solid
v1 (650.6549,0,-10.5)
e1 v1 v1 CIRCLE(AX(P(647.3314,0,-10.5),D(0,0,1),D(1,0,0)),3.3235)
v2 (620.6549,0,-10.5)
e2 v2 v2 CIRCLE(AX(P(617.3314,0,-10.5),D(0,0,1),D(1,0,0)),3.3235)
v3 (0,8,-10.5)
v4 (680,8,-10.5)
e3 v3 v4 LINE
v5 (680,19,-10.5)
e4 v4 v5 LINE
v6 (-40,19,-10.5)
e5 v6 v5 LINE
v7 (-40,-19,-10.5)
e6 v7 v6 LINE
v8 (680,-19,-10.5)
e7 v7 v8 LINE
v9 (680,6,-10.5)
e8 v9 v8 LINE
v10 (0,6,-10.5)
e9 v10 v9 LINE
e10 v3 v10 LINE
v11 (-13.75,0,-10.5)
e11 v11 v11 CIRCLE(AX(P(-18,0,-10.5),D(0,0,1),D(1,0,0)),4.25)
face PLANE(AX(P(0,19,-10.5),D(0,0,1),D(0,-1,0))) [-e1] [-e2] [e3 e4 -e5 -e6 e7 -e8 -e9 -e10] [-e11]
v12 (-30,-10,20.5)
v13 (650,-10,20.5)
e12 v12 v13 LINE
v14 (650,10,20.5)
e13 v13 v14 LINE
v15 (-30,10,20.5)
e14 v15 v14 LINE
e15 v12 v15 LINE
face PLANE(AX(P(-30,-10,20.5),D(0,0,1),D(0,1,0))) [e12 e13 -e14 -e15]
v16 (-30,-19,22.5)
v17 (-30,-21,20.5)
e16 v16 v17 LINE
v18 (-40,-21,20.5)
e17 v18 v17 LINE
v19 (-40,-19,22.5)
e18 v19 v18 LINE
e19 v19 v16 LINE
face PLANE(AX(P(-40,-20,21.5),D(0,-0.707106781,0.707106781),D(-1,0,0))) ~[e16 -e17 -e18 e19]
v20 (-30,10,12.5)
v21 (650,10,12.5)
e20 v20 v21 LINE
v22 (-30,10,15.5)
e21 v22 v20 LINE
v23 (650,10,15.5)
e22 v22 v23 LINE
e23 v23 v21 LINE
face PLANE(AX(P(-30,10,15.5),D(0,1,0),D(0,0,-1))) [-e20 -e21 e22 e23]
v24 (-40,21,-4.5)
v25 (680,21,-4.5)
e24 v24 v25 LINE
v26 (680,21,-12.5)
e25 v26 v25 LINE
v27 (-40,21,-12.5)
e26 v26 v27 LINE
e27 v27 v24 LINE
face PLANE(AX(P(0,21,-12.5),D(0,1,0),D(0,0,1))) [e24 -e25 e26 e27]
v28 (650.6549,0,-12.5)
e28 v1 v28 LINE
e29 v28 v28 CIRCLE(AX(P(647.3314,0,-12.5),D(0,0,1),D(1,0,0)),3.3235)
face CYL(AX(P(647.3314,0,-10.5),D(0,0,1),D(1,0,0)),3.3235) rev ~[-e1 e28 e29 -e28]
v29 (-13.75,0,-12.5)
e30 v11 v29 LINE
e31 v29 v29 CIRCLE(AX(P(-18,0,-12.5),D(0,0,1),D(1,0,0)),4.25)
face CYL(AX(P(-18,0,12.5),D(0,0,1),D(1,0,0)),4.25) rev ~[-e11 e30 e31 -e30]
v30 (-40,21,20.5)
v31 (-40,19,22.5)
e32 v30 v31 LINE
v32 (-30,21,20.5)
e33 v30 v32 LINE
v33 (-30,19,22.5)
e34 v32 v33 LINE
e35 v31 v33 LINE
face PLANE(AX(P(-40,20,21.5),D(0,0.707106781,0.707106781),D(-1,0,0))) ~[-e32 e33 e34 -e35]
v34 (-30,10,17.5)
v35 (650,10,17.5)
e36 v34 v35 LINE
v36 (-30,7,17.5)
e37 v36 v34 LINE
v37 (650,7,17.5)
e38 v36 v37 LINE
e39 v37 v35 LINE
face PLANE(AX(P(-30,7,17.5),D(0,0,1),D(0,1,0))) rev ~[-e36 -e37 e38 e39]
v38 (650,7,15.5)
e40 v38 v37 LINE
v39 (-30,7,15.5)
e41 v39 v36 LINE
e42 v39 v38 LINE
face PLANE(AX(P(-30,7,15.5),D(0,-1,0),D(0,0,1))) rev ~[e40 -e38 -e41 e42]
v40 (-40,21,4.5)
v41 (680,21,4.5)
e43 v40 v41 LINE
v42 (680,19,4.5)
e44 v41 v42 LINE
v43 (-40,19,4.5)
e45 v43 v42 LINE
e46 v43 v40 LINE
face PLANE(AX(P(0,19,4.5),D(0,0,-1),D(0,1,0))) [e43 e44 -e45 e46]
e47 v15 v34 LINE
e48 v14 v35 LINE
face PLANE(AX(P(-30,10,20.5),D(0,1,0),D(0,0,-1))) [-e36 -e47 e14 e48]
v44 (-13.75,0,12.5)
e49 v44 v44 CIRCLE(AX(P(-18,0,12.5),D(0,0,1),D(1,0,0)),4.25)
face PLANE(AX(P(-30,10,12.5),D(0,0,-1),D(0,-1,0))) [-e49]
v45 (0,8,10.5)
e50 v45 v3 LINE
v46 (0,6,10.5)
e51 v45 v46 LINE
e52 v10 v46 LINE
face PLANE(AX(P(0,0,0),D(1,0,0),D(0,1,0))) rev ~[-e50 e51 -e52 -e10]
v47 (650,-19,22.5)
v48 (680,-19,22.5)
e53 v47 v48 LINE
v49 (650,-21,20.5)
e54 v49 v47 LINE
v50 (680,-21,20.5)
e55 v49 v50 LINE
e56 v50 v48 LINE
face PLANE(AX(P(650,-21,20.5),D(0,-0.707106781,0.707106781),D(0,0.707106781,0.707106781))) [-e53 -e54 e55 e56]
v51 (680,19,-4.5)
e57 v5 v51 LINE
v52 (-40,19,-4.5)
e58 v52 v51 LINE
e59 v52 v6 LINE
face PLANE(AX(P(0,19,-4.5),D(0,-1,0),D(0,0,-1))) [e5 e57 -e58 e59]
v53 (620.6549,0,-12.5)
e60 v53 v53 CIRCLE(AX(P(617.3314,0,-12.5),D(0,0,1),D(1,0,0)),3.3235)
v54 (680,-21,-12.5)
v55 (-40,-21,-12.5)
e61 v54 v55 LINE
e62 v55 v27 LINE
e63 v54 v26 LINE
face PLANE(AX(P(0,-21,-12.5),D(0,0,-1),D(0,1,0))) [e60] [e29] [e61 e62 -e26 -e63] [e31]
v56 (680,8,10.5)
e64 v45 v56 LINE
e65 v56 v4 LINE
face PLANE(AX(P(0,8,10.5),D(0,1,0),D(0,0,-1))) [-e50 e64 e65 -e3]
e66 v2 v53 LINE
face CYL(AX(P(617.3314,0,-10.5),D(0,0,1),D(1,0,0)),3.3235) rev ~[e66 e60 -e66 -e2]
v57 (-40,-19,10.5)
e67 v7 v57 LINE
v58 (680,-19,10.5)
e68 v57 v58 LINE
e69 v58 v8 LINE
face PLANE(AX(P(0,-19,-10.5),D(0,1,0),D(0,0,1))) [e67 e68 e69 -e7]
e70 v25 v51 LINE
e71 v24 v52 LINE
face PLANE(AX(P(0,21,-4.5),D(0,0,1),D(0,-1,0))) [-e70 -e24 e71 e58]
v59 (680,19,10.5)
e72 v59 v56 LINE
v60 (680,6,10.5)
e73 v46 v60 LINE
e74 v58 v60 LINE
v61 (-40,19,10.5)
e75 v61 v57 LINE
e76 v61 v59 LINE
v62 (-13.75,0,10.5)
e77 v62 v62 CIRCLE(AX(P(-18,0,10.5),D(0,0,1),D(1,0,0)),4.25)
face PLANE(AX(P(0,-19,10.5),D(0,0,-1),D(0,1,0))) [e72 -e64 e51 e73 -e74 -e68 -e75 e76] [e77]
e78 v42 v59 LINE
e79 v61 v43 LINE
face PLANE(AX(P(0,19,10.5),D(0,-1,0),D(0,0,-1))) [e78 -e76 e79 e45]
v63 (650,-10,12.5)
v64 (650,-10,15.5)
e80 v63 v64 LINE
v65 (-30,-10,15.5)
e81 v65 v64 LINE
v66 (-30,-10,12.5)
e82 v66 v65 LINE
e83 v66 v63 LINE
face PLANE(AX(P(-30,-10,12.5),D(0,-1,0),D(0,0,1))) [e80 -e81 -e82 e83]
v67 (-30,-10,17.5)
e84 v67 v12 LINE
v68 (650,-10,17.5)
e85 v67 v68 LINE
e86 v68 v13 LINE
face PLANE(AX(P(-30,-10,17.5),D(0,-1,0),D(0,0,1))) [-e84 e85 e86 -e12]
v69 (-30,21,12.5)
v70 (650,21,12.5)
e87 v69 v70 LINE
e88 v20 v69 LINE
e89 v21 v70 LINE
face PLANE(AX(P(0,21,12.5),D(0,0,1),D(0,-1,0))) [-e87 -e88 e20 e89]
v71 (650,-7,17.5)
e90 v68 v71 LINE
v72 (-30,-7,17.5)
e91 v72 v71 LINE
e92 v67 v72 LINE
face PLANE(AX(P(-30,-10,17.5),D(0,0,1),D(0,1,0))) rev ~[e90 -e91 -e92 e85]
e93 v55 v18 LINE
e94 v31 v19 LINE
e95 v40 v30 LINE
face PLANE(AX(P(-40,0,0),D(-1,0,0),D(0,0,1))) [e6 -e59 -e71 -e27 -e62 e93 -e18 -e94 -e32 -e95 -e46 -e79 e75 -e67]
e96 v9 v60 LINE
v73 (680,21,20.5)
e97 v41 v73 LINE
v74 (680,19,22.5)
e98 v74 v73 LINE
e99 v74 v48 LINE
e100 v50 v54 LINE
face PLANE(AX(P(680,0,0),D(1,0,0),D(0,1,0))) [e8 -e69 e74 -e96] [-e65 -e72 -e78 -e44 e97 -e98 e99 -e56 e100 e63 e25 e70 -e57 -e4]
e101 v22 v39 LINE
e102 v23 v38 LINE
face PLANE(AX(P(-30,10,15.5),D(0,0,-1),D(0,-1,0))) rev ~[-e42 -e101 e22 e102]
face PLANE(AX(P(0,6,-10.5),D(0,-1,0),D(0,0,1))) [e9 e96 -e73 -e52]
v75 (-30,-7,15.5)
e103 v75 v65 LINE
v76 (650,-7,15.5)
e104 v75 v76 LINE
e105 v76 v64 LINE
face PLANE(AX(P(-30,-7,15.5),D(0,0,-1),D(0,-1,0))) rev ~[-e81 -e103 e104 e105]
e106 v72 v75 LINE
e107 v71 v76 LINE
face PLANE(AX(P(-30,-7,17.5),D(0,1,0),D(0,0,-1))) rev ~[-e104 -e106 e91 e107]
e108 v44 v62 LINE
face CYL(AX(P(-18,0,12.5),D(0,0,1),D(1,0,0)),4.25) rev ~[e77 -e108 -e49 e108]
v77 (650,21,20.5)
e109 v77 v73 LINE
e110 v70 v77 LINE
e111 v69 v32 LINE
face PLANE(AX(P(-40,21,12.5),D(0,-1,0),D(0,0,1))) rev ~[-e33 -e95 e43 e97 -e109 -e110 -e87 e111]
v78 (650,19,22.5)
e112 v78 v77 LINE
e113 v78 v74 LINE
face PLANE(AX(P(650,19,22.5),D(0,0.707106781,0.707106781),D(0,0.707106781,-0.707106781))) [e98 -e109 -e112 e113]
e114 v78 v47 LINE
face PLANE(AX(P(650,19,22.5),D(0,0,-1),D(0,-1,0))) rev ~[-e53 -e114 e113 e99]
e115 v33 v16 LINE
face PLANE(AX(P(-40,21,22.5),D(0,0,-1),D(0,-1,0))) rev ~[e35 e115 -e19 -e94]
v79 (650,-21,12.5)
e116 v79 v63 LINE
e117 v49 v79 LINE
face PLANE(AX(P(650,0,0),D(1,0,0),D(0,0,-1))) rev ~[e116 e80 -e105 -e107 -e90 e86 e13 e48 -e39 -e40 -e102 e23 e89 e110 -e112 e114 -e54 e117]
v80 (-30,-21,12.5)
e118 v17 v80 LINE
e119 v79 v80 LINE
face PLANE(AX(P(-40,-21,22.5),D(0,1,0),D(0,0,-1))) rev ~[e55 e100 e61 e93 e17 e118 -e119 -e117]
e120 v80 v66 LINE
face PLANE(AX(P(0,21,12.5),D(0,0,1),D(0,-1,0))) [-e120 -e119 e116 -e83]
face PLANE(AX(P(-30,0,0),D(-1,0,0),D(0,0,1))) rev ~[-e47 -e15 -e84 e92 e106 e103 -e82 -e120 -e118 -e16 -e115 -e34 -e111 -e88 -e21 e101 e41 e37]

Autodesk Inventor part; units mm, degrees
ref_plane "YZ Plane" through (0, 0, 0) normal (1, 0, 0) x (0, 1, 0)
ref_plane "XZ Plane" through (0, 0, 0) normal (0, 1, 0) x (-1, 0, 0)
ref_plane "XY Plane" through (0, 0, 0) normal (0, 0, 1) x (1, 0, 0)
sketch "草图1" plane through (0, 0, 0) normal (1, 0, 0) x (0, 1, 0)
  line L0 (21, 12.5) -> (-21, 12.5)
  line L1 (-21, 12.5) -> (-21, -12.5)
  line L2 (-21, -12.5) -> (21, -12.5)
  line L3 (21, 12.5) -> (-21, -12.5) construction
  line L4 (-21, 12.5) -> (21, -12.5) construction
  line L5 (19, 10.5) -> (-19, 10.5)
  line L6 (-19, 10.5) -> (-19, -10.5)
  line L7 (-19, -10.5) -> (19, -10.5)
  line L8 (21, 4.5) -> (19, 4.5)
  line L9 (21, -4.5) -> (19, -4.5)
  line L10 (21, -12.5) -> (21, -4.5)
  line L11 (21, 4.5) -> (21, 12.5)
  line L12 (19, -10.5) -> (19, -4.5)
  line L13 (19, 4.5) -> (19, 10.5)
  line L14 (0, 10.5) -> (-2, 10.5)
  line L15 (-2, -10.5) -> (0, -10.5)
  line L16 (8, -12.5) -> (6, -12.5)
  line L17 (6, -12.5) -> (6, 12.5)
  line L18 (6, 12.5) -> (8, 12.5)
  line L19 (8, 12.5) -> (8, -12.5)
  point P0 (0, 0)
  point P1 (6, -10.5)
  point P2 (6, 10.5)
  point P3 (8, -10.5)
  point P4 (8, 10.5)
  dimension "d0" = 42
  dimension "d1" = 25
  dimension "d3" = 8
  dimension "d4" = 8
  dimension "d9" = 2
  dimension "d10" = 25
extrude "拉伸2" add sketch "草图1" along normal blind 680 contours L11 L8 L13 L5 L19 L0 | L19 L5 L17 L0 | L17 L5 L6 L7 L2 L1 L0 | L19 L7 L17 L5 | L19 L2 L17 L7 | L7 L12 L9 L10 L2 L19
sketch "草图2" plane through (0, -19, -10.5) normal (0, 0, 1) x (1, 0, 0)
  circle A0 centre (617.3314, 19) radius 3.3235 projected
  circle A1 centre (647.3314, 19) radius 3.3235 projected
  point P0 (0, 19)
extrude "拉伸3" cut sketch "草图2" against normal blind 2
sketch "草图3" plane through (0, 0, 0) normal (-1, 0, 0) x (0, 0, 1)
  line L0 (-12.5, 21) -> (-4.5, 21) projected
  line L1 (-12.5, -21) -> (-12.5, 21) projected
  line L2 (12.5, -21) -> (-12.5, -21) projected
  line L3 (12.5, 21) -> (12.5, -21) projected
  line L4 (4.5, 21) -> (12.5, 21) projected
  line L5 (4.5, 19) -> (4.5, 21) projected
  line L6 (10.5, 19) -> (4.5, 19) projected
  line L7 (10.5, 8) -> (10.5, 19) projected
  line L8 (-10.5, 8) -> (10.5, 8) projected
  line L9 (-10.5, 19) -> (-10.5, 8) projected
  line L10 (-4.5, 19) -> (-10.5, 19) projected
  line L11 (-4.5, 21) -> (-4.5, 19) projected
  line L12 (-10.5, 6) -> (-10.5, -19) projected
  line L13 (10.5, 6) -> (-10.5, 6) projected
  line L14 (10.5, -19) -> (10.5, 6) projected
  line L15 (-10.5, -19) -> (10.5, -19) projected
  line L16 (-10.5, 8) -> (-10.5, 6)
  line L17 (-10.5, 8) -> (10.5, 8) projected
  line L18 (10.5, -19) -> (10.5, 6) projected
  line L19 (10.5, 8) -> (10.5, 6)
  point P0 (0, 0)
extrude "拉伸4" add sketch "草图3" along normal blind 40 contours L0 L11 L10 L9 L16 L12 L15 L14 L19 L7 L6 L5 L4 L3 L2 L1
sketch "草图4" plane through (680, -21, 12.5) normal (0, 0, 1) x (1, 0, 0)
  circle A0 centre (-698, 21) radius 4.25
  line L0 (-720, 0) -> (-720, 42) projected
  point P0 (-680, 21)
  dimension "d17" = 8.5
  dimension "d18" = 22
extrude "拉伸5" cut sketch "草图4" against normal blind 40
sketch "草图5" plane through (-40, 0, 0) normal (-1, 0, 0) x (0, 0, 1)
  line L0 (4.5, 21) -> (12.5, 21) projected
  line L1 (12.5, 21) -> (22.5, 21)
  line L2 (22.5, 21) -> (22.5, -21)
  line L3 (22.5, -21) -> (12.5, -21)
  line L4 (12.5, -21) -> (12.5, 21)
  point P0 (0, 0)
  dimension "d21" = 10
  dimension "d22" = 42
extrude "拉伸6" add sketch "草图5" against normal blind 10
chamfer "倒角1" distance 2 angle 45 2 edges at (-35, 21, 22.5) (-35, -21, 22.5)
sketch "草图6" plane through (-30, 0, 0) normal (1, 0, 0) x (0, 0, -1)
  line L0 (-12.5, 21) -> (-12.5, -21) projected
  line L1 (-20.5, -10) -> (-20.5, 10)
  line L2 (-12.5, 10) -> (-12.5, -10)
  line L3 (-12.5, 21) -> (-20.5, 21) projected
  line L4 (-15.5, -10) -> (-15.5435, -10)
  line L5 (-15.5, -10) -> (-17.5, -10)
  line L6 (-17.5, -10) -> (-17.5, -7)
  line L7 (-17.5, -7) -> (-15.5, -7)
  line L8 (-15.5, -7) -> (-15.5, -10)
  line L9 (-15.5, 10) -> (-15.5, 7)
  line L10 (-15.5, 7) -> (-17.5, 7)
  line L11 (-17.5, 7) -> (-17.5, 10)
  line L12 (-20.5, 10) -> (-17.5, 10)
  line L13 (-15.5, 10) -> (-12.5, 10)
  line L14 (-12.5, -10) -> (-15.5, -10)
  line L15 (-17.5, -10) -> (-20.5, -10)
  point P0 (0, 0)
  dimension "d30" = 8
  dimension "d31" = 3
  dimension "d32" = 2
  dimension "d35" = 2
extrude "拉伸7" add sketch "草图6" along normal blind 680 contours L0 L14 L8 L7 L6 L15 L1 L12 L11 L10 L9 L13
sketch "草图7" plane through (650, 0, 0) normal (1, 0, 0) x (0, 0, -1)
  line L0 (-15.5, 10) -> (-12.5, 10) projected
  line L1 (-12.5, 21) -> (-12.5, 10) projected
  line L2 (-12.5, 21) -> (-20.5, 21) projected
  line L3 (-22.5, 19) -> (-20.5, 21) projected
  line L4 (-22.5, 19) -> (-22.5, -19) projected
  line L5 (-20.5, -21) -> (-22.5, -19) projected
  line L6 (-20.5, -21) -> (-12.5, -21) projected
  line L7 (-12.5, -10) -> (-12.5, -21) projected
  line L8 (-12.5, -10) -> (-15.5, -10) projected
  line L9 (-15.5, -10) -> (-15.5, -7) projected
  line L10 (-15.5, -7) -> (-17.5, -7) projected
  line L11 (-17.5, -7) -> (-17.5, -10) projected
  line L12 (-17.5, -10) -> (-20.5, -10) projected
  line L13 (-20.5, -10) -> (-20.5, 10) projected
  line L14 (-20.5, 10) -> (-17.5, 10) projected
  line L15 (-17.5, 10) -> (-17.5, 7) projected
  line L16 (-17.5, 7) -> (-15.5, 7) projected
  line L17 (-15.5, 7) -> (-15.5, 10) projected
  line L18 (-12.5, 10) -> (-12.5, -10) projected
  line L19 (-12.5, 10) -> (-15.5, 10) projected
  line L20 (-15.5, 10) -> (-15.5, 7) projected
  line L21 (-15.5, 7) -> (-17.5, 7) projected
  line L22 (-17.5, 7) -> (-17.5, 10) projected
  line L23 (-17.5, 10) -> (-20.5, 10) projected
  line L24 (-20.5, 10) -> (-20.5, -10) projected
  line L25 (-20.5, -10) -> (-17.5, -10) projected
  line L26 (-17.5, -10) -> (-17.5, -7) projected
  line L27 (-17.5, -7) -> (-15.5, -7) projected
  line L28 (-15.5, -7) -> (-15.5, -10) projected
  line L29 (-15.5, -10) -> (-12.5, -10) projected
  point P0 (0, 0)
extrude "拉伸8" add sketch "草图7" along normal blind 30
properties part number "连接桥"
